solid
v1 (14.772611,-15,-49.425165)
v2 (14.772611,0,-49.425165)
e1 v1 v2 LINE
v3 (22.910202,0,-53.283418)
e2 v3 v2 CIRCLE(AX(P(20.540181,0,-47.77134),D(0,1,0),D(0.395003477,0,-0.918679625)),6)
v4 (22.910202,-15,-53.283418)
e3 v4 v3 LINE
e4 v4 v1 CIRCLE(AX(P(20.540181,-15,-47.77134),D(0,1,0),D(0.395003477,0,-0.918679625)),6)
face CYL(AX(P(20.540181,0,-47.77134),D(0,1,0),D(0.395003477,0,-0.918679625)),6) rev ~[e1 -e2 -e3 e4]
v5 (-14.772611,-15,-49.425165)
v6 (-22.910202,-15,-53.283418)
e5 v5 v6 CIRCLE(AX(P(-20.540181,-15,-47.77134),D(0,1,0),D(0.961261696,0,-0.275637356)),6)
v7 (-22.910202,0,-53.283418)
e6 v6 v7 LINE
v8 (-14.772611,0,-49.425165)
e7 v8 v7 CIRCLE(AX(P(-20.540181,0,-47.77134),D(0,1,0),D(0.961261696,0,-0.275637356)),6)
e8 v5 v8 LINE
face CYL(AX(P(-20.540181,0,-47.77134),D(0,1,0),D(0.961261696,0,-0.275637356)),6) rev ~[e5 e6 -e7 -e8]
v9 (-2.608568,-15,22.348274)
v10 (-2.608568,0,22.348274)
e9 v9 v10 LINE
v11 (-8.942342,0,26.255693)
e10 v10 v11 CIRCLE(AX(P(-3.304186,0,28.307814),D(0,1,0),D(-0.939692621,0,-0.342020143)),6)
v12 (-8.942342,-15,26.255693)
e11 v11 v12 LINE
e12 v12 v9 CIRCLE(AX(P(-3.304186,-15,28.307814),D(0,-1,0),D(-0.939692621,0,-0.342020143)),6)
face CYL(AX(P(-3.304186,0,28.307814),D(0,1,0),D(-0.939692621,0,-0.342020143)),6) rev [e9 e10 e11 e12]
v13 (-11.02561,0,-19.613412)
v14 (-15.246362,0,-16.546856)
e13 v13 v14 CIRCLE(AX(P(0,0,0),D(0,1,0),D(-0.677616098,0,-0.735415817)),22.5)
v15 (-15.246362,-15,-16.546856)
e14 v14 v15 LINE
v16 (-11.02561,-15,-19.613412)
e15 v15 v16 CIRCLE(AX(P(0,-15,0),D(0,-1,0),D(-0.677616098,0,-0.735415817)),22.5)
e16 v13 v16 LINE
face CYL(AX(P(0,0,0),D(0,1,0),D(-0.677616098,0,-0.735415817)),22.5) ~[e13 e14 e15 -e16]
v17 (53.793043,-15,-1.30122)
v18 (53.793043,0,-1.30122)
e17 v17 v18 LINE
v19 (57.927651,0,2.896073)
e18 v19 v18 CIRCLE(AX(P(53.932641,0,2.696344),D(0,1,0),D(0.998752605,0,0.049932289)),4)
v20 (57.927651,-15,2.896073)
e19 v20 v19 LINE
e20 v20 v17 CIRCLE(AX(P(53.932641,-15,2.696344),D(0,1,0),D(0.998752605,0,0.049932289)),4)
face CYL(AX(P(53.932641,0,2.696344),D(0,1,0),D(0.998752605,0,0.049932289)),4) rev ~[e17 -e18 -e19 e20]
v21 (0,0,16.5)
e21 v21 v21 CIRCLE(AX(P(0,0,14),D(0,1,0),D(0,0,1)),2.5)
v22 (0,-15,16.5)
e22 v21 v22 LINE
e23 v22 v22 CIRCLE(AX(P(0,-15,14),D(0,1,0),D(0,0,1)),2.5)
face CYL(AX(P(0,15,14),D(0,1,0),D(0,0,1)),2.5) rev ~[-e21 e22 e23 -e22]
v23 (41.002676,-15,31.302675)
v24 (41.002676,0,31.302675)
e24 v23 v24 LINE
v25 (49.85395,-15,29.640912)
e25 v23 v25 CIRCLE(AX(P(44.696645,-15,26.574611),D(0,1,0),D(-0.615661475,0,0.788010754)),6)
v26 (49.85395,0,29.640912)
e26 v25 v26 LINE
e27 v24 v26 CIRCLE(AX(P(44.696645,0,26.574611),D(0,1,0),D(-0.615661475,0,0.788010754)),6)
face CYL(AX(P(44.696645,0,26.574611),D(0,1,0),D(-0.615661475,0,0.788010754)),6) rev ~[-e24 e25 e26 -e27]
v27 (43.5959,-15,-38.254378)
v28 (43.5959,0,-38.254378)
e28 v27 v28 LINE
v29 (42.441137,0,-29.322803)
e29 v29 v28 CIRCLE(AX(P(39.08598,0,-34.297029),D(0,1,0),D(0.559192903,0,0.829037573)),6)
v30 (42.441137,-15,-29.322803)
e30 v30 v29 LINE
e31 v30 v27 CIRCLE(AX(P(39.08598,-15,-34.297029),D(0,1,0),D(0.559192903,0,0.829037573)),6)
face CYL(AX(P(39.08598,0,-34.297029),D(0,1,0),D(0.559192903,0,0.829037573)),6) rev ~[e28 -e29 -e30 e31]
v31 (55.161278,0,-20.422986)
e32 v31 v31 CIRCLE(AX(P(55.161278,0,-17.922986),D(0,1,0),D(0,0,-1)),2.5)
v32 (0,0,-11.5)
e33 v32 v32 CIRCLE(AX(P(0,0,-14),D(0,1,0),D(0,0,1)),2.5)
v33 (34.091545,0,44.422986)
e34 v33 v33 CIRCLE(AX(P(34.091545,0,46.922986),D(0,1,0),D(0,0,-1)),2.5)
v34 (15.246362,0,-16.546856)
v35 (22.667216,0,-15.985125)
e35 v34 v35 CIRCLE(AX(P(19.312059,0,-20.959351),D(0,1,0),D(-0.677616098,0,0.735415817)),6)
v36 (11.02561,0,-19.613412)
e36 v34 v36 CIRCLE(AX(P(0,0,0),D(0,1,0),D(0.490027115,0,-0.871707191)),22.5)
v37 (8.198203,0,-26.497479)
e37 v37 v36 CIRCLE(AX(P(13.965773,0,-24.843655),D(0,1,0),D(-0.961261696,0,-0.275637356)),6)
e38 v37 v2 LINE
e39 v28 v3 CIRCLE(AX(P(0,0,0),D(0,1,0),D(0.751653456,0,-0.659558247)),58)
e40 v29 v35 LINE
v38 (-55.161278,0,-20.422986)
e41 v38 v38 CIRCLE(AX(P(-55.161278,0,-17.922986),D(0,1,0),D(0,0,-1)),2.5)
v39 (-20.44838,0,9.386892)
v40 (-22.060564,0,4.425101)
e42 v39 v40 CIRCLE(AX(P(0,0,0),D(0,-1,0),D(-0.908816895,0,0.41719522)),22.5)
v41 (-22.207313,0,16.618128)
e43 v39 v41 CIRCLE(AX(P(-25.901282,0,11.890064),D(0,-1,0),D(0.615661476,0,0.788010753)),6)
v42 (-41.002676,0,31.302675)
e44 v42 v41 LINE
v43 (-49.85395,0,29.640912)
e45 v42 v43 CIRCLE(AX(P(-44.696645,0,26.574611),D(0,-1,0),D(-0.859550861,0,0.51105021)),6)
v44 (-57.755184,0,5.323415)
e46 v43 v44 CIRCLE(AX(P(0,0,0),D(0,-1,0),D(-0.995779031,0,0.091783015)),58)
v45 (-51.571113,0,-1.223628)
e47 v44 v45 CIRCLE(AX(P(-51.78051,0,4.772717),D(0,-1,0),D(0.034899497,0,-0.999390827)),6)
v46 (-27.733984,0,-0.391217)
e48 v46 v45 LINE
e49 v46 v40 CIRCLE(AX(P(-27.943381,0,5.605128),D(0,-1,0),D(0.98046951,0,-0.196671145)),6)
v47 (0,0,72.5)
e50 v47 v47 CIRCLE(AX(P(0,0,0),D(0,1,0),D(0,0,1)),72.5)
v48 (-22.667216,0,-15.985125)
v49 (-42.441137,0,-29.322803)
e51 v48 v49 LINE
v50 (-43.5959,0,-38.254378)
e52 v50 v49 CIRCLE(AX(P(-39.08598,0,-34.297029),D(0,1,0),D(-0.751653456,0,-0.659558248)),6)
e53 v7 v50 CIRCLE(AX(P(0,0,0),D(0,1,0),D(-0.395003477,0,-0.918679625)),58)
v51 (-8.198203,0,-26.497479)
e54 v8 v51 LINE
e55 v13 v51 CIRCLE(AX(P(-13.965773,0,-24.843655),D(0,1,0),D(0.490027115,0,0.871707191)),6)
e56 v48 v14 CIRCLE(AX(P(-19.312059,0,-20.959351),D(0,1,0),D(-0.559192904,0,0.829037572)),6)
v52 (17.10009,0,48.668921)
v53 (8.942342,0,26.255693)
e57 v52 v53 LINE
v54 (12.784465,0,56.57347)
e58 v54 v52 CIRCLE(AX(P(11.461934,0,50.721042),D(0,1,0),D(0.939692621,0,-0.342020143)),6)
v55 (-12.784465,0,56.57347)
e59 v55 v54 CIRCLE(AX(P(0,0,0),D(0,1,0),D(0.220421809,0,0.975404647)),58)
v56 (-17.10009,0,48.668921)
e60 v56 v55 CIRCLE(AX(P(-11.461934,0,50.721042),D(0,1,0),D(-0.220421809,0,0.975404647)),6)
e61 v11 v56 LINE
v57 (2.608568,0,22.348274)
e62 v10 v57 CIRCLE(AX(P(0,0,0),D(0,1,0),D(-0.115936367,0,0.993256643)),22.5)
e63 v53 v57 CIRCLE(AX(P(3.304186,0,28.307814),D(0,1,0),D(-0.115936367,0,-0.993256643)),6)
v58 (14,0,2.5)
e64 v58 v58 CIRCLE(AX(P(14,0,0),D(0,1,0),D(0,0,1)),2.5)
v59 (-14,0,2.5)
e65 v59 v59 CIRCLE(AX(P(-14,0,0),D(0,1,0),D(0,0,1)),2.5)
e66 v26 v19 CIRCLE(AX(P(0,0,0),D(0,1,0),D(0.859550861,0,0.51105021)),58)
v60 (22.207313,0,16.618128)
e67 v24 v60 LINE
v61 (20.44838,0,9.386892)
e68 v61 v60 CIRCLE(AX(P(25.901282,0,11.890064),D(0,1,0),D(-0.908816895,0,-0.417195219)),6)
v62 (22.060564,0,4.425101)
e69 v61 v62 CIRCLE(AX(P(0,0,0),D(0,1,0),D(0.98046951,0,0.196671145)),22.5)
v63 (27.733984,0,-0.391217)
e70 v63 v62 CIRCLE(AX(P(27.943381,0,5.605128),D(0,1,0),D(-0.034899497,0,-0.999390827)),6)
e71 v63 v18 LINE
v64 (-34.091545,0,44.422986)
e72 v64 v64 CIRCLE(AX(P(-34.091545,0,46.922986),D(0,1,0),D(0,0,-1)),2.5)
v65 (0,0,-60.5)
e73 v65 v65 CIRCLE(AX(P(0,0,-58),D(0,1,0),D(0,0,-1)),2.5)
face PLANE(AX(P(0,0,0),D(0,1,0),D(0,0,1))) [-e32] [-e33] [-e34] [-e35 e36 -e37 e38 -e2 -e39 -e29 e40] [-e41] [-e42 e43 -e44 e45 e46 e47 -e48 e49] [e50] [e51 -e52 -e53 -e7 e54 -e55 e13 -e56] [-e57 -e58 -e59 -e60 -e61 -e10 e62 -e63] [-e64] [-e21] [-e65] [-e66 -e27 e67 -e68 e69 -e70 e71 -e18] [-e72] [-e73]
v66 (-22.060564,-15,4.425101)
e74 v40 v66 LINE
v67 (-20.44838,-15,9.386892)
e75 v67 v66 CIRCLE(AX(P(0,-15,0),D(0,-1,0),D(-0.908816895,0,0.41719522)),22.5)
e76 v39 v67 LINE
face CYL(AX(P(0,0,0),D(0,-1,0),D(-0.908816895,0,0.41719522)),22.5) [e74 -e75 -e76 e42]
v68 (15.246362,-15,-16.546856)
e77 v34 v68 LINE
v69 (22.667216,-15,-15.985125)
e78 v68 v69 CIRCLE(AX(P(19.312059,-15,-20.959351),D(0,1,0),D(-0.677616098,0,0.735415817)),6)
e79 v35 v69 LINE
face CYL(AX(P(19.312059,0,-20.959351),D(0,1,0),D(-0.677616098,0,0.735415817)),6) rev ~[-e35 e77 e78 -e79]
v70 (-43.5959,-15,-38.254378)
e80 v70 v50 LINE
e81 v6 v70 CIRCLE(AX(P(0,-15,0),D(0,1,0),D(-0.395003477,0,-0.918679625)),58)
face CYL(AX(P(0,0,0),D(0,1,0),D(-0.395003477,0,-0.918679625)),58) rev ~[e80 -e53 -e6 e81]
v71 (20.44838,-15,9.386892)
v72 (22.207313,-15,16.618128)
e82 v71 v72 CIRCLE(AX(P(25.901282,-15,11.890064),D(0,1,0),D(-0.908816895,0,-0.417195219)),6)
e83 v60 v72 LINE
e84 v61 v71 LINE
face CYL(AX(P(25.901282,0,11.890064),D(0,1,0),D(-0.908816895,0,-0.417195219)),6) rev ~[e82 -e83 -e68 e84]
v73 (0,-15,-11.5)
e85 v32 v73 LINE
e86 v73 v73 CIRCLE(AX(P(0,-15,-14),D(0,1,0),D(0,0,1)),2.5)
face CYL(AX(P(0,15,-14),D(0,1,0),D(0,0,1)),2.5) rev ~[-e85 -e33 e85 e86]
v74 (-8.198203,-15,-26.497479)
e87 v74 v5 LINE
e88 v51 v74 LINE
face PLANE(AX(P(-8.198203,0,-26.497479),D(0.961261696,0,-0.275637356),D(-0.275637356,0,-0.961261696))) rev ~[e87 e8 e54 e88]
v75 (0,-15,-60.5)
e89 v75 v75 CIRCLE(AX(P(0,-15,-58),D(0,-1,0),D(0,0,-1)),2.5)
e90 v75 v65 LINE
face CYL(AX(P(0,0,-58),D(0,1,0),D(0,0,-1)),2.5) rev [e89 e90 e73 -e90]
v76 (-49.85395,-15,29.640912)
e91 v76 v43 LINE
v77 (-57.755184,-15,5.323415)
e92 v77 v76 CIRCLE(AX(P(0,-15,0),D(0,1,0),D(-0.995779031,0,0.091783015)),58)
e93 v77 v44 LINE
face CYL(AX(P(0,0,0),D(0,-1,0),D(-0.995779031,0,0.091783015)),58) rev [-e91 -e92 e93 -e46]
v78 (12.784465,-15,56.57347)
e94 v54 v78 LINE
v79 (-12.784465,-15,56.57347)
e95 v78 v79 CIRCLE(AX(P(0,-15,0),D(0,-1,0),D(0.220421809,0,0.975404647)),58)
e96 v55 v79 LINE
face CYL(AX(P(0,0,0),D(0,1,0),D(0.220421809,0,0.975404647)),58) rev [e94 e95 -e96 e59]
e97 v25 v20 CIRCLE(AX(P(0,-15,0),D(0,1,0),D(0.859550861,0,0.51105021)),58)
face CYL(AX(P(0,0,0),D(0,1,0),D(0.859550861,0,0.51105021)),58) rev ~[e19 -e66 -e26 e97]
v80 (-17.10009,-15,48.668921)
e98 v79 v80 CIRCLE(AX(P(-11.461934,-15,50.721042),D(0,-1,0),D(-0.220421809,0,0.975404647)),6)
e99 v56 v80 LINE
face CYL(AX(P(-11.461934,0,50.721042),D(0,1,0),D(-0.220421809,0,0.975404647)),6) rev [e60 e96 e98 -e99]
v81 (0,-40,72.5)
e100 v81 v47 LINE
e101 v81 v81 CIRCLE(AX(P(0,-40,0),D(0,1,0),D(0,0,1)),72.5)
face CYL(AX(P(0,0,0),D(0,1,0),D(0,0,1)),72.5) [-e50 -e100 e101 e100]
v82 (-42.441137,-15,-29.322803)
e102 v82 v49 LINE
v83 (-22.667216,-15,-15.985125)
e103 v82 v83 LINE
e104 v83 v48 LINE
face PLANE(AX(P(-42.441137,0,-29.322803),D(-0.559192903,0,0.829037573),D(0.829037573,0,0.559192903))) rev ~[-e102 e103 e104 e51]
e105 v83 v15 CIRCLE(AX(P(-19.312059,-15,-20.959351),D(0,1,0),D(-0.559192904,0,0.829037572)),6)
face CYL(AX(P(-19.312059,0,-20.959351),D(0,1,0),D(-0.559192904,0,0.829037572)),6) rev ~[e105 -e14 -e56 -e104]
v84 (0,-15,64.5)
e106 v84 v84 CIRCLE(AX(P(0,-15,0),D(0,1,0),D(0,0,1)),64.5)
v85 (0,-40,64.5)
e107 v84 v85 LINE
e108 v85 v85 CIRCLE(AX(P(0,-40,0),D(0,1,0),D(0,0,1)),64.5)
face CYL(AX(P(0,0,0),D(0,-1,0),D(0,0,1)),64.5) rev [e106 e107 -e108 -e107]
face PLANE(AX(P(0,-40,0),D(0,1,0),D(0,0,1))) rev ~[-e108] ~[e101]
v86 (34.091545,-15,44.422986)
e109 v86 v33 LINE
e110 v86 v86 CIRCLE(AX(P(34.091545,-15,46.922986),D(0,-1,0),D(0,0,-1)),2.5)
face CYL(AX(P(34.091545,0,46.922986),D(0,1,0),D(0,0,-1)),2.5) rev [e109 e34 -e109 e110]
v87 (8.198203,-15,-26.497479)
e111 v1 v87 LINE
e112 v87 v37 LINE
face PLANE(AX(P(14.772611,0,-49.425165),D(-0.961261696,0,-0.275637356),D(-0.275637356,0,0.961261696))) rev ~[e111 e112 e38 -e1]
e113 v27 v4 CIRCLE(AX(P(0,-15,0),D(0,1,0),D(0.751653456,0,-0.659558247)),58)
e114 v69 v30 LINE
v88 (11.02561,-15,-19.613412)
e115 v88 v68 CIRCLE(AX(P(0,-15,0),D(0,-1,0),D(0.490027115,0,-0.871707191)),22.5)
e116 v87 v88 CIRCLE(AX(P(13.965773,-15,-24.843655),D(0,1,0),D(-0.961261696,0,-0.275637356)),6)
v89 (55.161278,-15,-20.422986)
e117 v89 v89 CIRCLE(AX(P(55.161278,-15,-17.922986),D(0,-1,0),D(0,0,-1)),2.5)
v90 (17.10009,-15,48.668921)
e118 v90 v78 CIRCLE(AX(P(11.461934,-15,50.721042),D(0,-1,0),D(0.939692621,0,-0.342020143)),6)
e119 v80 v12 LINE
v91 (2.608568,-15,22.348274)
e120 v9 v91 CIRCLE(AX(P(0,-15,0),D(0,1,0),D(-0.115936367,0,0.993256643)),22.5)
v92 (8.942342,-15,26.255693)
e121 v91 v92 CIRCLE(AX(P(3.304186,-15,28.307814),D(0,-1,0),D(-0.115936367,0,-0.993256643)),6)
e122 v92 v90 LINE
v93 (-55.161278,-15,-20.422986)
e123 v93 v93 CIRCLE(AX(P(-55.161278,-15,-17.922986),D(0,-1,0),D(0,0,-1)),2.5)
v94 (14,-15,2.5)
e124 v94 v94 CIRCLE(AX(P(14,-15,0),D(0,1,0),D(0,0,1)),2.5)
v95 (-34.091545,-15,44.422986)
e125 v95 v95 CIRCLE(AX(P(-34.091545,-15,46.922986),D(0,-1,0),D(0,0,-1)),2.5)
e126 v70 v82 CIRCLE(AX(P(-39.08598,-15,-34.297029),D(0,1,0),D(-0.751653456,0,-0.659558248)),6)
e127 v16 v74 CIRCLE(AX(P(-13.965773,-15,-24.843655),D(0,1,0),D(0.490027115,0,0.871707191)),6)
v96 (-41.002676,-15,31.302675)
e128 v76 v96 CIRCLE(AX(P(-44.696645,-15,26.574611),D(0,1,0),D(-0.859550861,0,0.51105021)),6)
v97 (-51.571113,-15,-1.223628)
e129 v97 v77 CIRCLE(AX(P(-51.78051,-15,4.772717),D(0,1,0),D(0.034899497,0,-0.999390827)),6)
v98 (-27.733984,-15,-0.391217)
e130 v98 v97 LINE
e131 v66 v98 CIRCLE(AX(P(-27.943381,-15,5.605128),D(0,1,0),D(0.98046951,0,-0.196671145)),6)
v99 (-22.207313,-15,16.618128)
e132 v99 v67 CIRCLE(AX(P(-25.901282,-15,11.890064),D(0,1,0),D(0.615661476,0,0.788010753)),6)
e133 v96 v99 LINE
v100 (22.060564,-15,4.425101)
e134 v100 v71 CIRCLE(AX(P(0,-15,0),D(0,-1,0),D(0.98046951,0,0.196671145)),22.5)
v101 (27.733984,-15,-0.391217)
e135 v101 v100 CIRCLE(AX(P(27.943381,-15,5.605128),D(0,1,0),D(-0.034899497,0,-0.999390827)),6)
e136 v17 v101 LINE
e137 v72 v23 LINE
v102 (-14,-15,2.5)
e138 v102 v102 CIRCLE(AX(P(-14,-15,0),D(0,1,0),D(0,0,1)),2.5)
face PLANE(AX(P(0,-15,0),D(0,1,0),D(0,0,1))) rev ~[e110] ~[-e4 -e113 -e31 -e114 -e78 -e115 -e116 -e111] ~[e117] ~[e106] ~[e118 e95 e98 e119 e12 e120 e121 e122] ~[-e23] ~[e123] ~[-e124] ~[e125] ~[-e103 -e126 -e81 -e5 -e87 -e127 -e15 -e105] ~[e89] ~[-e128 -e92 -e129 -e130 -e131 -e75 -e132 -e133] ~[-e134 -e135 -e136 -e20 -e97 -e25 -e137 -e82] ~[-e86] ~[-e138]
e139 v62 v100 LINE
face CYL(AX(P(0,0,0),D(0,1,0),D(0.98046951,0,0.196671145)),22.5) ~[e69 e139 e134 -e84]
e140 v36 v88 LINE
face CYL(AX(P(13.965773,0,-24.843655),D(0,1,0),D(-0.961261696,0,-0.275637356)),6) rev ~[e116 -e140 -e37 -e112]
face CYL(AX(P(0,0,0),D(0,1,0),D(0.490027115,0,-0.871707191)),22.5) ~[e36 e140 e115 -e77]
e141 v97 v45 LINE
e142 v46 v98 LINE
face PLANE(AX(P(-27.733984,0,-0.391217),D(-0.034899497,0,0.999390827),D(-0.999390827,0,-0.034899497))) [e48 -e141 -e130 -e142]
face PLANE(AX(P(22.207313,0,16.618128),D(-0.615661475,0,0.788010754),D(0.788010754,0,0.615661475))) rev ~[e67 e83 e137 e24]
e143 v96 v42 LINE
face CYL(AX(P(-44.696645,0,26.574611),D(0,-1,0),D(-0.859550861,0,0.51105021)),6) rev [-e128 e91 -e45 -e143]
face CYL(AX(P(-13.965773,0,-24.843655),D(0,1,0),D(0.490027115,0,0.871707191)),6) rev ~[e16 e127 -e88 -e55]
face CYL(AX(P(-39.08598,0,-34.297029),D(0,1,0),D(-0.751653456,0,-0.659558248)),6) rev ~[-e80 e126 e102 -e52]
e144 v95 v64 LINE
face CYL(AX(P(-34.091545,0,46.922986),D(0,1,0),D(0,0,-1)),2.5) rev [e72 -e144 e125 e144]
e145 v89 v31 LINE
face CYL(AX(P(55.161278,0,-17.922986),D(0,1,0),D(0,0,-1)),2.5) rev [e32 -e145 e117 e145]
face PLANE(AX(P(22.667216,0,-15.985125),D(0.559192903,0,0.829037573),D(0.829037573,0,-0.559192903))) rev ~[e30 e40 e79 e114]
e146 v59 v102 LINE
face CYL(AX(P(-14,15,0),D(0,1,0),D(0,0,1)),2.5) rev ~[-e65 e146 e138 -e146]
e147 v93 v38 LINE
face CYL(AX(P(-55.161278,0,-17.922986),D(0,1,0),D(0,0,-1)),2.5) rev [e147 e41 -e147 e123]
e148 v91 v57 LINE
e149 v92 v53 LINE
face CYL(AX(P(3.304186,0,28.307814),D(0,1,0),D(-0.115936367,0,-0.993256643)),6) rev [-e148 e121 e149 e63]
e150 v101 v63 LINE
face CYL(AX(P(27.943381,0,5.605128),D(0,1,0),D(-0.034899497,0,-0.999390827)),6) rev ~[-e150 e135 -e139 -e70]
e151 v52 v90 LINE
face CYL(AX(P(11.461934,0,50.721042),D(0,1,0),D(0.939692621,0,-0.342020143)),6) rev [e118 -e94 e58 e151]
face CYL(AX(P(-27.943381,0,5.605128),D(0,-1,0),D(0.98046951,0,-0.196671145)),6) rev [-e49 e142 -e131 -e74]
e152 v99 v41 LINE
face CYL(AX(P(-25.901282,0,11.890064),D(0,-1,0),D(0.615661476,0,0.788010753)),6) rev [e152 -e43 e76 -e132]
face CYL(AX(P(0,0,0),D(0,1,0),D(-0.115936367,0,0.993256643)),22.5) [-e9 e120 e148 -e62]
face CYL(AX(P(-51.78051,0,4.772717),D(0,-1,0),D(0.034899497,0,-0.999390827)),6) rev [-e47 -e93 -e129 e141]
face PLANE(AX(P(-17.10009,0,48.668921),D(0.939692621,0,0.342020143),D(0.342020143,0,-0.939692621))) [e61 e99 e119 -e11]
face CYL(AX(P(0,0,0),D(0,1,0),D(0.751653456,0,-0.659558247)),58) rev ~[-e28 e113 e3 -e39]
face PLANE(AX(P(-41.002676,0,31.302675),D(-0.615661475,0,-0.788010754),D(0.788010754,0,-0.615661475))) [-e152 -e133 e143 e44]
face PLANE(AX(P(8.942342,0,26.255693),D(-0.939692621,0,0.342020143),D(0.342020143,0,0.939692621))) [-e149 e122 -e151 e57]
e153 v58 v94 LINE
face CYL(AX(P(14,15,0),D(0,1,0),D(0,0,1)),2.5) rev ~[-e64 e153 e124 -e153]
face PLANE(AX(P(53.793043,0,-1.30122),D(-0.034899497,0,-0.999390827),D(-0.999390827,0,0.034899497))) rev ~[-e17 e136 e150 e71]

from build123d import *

# Parameters (mm, degrees)
SKETCH1_R           = 72.5
SKETCH1_R_2         = 64.5
BOSS_EXTRUDE1_DEPTH = 40
SKETCH4_R           = 64.5
BOSS_EXTRUDE3_DEPTH = 15
SKETCH3_R           = 2.5
CUT_EXTRUDE1_DEPTH  = 15
SKETCH6_R           = 2.5
CUT_EXTRUDE2_DEPTH  = 30
SKETCH7_R           = 72.5
CUT_EXTRUDE3_DEPTH  = 40


with BuildPart() as part:
    # Sketch1 → Boss-Extrude1 (new, symmetric)
    with BuildSketch(Plane(origin=(0, 0, 0), x_dir=(1, 0, 0), z_dir=(0, 1, 0))):
        with Locations(Location((0, 0, 0), (0, 0, 270))):
            Circle(SKETCH1_R)
        with Locations(Location((0, 0, 0), (0, 0, 270))):
            Circle(SKETCH1_R_2, mode=Mode.SUBTRACT)
    extrude(amount=BOSS_EXTRUDE1_DEPTH, both=True)

    # Sketch4 → Boss-Extrude3 (add, symmetric)
    with BuildSketch(Plane(origin=(0, 0, 0), x_dir=(1, 0, 0), z_dir=(0, 1, 0))):
        with Locations(Location((0, 0, 0), (0, 0, 270))):
            Circle(SKETCH4_R)
    extrude(amount=BOSS_EXTRUDE3_DEPTH, both=True)

    # Sketch3 → Cut-Extrude1 (cut, symmetric)
    with BuildSketch(Plane.XZ):
        with Locations(Location((-34.091544633, 46.922985674, 0), (0, 0, 270))):
            Circle(SKETCH3_R)
        with Locations(Location((34.091544633, 46.922985674, 0), (0, 0, 270))):
            Circle(SKETCH3_R)
        with Locations(Location((55.161277945, -17.922985674, 0), (0, 0, 270))):
            Circle(SKETCH3_R)
        with Locations(Location((0, -58, 0), (0, 0, 270))):
            Circle(SKETCH3_R)
        with Locations(Location((-55.161277945, -17.922985674, 0), (0, 0, 270))):
            Circle(SKETCH3_R)
        with BuildLine():
            Line((8.942342186, 26.255693464), (17.100089792, 48.668920804))
            ThreePointArc((17.100089792, 48.668920804), (16.728172015, 53.596235201), (12.784464921, 56.573469548))
            ThreePointArc((12.784464921, 56.573469548), (0, 58), (-12.784464921, 56.573469548))
            ThreePointArc((-12.784464921, 56.573469548), (-16.728172015, 53.596235201), (-17.100089792, 48.668920804))
            Line((-17.100089792, 48.668920804), (-8.942342186, 26.255693464))
            ThreePointArc((-8.942342186, 26.255693464), (-6.454448371, 23.201362532), (-2.608568259, 22.348274467))
            ThreePointArc((-2.608568259, 22.348274467), (0, 22.5), (2.608568259, 22.348274467))
            ThreePointArc((2.608568259, 22.348274467), (6.454448371, 23.201362532), (8.942342186, 26.255693464))
        make_face()
        with BuildLine():
            Line((22.207312654, 16.618128287), (41.002675921, 31.302675452))
            ThreePointArc((41.002675921, 31.302675452), (45.803759299, 32.471584512), (49.853949939, 29.640912191))
            ThreePointArc((49.853949939, 29.640912191), (55.525129356, 16.76186177), (57.927651105, 2.896072756))
            ThreePointArc((57.927651105, 2.896072756), (56.782266496, -0.110724751), (53.793042698, -1.301219707))
            Line((53.793042698, -1.301219707), (27.733984064, -0.391217328))
            ThreePointArc((27.733984064, -0.391217328), (24.060341259, 1.031070133), (22.060563983, 4.425100764))
            ThreePointArc((22.060563983, 4.425100764), (21.398771617, 6.952882373), (20.448380136, 9.386892446))
            ThreePointArc((20.448380136, 9.386892446), (20.071272788, 13.308160497), (22.207312654, 16.618128287))
        make_face()
        with BuildLine():
            Line((22.667216205, -15.985125354), (42.44113714, -29.322803436))
            ThreePointArc((42.44113714, -29.322803436), (45.036452074, -33.527692304), (43.595900456, -38.254378356))
            ThreePointArc((43.595900456, -38.254378356), (34.091544633, -46.922985674), (22.910201686, -53.283418234))
            ThreePointArc((22.910201686, -53.283418234), (17.969701185, -53.19283792), (14.772610647, -49.42516462))
            Line((14.772610647, -49.42516462), (8.198202609, -26.49747907))
            ThreePointArc((8.198202609, -26.49747907), (8.415660309, -22.564126145), (11.025610093, -19.613411791))
            ThreePointArc((11.025610093, -19.613411791), (13.225168177, -18.202882373), (15.246362198, -16.546855886))
            ThreePointArc((15.246362198, -16.546855886), (18.859177151, -14.976467017), (22.667216205, -15.985125354))
        make_face()
        with BuildLine():
            Line((-8.198202609, -26.49747907), (-14.772610647, -49.42516462))
            ThreePointArc((-14.772610647, -49.42516462), (-17.969701185, -53.19283792), (-22.910201686, -53.283418234))
            ThreePointArc((-22.910201686, -53.283418234), (-34.091544633, -46.922985674), (-43.595900456, -38.254378356))
            ThreePointArc((-43.595900456, -38.254378356), (-45.036452074, -33.527692304), (-42.44113714, -29.322803436))
            Line((-42.44113714, -29.322803436), (-22.667216205, -15.985125354))
            ThreePointArc((-22.667216205, -15.985125354), (-18.859177151, -14.976467017), (-15.246362198, -16.546855886))
            ThreePointArc((-15.246362198, -16.546855886), (-13.225168177, -18.202882373), (-11.025610093, -19.613411791))
            ThreePointArc((-11.025610093, -19.613411791), (-8.415660309, -22.564126145), (-8.198202609, -26.49747907))
        make_face()
        with BuildLine():
            Line((-27.733984064, -0.391217328), (-51.571112622, -1.223628199))
            ThreePointArc((-51.571112622, -1.223628199), (-56.142338174, 0.652710511), (-57.755183787, 5.323414851))
            ThreePointArc((-57.755183787, 5.323414851), (-55.161277945, 17.922985674), (-49.853949939, 29.640912191))
            ThreePointArc((-49.853949939, 29.640912191), (-45.803759299, 32.471584512), (-41.002675921, 31.302675452))
            Line((-41.002675921, 31.302675452), (-22.207312654, 16.618128287))
            ThreePointArc((-22.207312654, 16.618128287), (-20.071272788, 13.308160497), (-20.448380136, 9.386892446))
            ThreePointArc((-20.448380136, 9.386892446), (-21.398771617, 6.952882373), (-22.060563983, 4.425100764))
            ThreePointArc((-22.060563983, 4.425100764), (-24.060341259, 1.031070133), (-27.733984064, -0.391217328))
        make_face()
    extrude(amount=CUT_EXTRUDE1_DEPTH, both=True, mode=Mode.SUBTRACT)

    # Sketch6 → Cut-Extrude2 (cut)
    with BuildSketch(Plane(origin=(0, 15, 0), x_dir=(1, 0, 0), z_dir=(0, 1, 0))):
        with Locations(Location((0, 14, 0), (0, 0, 270))):
            Circle(SKETCH6_R)
        with Locations(Location((14, 0, 0), (0, 0, 270))):
            Circle(SKETCH6_R)
        with Locations(Location((0, -14, 0), (0, 0, 270))):
            Circle(SKETCH6_R)
        with Locations(Location((-14, 0, 0), (0, 0, 270))):
            Circle(SKETCH6_R)
    extrude(amount=-CUT_EXTRUDE2_DEPTH, mode=Mode.SUBTRACT)

    # Sketch7 → Cut-Extrude3 (cut)
    with BuildSketch(Plane(origin=(0, 40, 0), x_dir=(1, 0, 0), z_dir=(0, 1, 0))):
        with Locations(Location((0, 0, 0), (0, 0, 270))):
            Circle(SKETCH7_R)
    extrude(amount=-CUT_EXTRUDE3_DEPTH, mode=Mode.SUBTRACT)


solid = part.part
